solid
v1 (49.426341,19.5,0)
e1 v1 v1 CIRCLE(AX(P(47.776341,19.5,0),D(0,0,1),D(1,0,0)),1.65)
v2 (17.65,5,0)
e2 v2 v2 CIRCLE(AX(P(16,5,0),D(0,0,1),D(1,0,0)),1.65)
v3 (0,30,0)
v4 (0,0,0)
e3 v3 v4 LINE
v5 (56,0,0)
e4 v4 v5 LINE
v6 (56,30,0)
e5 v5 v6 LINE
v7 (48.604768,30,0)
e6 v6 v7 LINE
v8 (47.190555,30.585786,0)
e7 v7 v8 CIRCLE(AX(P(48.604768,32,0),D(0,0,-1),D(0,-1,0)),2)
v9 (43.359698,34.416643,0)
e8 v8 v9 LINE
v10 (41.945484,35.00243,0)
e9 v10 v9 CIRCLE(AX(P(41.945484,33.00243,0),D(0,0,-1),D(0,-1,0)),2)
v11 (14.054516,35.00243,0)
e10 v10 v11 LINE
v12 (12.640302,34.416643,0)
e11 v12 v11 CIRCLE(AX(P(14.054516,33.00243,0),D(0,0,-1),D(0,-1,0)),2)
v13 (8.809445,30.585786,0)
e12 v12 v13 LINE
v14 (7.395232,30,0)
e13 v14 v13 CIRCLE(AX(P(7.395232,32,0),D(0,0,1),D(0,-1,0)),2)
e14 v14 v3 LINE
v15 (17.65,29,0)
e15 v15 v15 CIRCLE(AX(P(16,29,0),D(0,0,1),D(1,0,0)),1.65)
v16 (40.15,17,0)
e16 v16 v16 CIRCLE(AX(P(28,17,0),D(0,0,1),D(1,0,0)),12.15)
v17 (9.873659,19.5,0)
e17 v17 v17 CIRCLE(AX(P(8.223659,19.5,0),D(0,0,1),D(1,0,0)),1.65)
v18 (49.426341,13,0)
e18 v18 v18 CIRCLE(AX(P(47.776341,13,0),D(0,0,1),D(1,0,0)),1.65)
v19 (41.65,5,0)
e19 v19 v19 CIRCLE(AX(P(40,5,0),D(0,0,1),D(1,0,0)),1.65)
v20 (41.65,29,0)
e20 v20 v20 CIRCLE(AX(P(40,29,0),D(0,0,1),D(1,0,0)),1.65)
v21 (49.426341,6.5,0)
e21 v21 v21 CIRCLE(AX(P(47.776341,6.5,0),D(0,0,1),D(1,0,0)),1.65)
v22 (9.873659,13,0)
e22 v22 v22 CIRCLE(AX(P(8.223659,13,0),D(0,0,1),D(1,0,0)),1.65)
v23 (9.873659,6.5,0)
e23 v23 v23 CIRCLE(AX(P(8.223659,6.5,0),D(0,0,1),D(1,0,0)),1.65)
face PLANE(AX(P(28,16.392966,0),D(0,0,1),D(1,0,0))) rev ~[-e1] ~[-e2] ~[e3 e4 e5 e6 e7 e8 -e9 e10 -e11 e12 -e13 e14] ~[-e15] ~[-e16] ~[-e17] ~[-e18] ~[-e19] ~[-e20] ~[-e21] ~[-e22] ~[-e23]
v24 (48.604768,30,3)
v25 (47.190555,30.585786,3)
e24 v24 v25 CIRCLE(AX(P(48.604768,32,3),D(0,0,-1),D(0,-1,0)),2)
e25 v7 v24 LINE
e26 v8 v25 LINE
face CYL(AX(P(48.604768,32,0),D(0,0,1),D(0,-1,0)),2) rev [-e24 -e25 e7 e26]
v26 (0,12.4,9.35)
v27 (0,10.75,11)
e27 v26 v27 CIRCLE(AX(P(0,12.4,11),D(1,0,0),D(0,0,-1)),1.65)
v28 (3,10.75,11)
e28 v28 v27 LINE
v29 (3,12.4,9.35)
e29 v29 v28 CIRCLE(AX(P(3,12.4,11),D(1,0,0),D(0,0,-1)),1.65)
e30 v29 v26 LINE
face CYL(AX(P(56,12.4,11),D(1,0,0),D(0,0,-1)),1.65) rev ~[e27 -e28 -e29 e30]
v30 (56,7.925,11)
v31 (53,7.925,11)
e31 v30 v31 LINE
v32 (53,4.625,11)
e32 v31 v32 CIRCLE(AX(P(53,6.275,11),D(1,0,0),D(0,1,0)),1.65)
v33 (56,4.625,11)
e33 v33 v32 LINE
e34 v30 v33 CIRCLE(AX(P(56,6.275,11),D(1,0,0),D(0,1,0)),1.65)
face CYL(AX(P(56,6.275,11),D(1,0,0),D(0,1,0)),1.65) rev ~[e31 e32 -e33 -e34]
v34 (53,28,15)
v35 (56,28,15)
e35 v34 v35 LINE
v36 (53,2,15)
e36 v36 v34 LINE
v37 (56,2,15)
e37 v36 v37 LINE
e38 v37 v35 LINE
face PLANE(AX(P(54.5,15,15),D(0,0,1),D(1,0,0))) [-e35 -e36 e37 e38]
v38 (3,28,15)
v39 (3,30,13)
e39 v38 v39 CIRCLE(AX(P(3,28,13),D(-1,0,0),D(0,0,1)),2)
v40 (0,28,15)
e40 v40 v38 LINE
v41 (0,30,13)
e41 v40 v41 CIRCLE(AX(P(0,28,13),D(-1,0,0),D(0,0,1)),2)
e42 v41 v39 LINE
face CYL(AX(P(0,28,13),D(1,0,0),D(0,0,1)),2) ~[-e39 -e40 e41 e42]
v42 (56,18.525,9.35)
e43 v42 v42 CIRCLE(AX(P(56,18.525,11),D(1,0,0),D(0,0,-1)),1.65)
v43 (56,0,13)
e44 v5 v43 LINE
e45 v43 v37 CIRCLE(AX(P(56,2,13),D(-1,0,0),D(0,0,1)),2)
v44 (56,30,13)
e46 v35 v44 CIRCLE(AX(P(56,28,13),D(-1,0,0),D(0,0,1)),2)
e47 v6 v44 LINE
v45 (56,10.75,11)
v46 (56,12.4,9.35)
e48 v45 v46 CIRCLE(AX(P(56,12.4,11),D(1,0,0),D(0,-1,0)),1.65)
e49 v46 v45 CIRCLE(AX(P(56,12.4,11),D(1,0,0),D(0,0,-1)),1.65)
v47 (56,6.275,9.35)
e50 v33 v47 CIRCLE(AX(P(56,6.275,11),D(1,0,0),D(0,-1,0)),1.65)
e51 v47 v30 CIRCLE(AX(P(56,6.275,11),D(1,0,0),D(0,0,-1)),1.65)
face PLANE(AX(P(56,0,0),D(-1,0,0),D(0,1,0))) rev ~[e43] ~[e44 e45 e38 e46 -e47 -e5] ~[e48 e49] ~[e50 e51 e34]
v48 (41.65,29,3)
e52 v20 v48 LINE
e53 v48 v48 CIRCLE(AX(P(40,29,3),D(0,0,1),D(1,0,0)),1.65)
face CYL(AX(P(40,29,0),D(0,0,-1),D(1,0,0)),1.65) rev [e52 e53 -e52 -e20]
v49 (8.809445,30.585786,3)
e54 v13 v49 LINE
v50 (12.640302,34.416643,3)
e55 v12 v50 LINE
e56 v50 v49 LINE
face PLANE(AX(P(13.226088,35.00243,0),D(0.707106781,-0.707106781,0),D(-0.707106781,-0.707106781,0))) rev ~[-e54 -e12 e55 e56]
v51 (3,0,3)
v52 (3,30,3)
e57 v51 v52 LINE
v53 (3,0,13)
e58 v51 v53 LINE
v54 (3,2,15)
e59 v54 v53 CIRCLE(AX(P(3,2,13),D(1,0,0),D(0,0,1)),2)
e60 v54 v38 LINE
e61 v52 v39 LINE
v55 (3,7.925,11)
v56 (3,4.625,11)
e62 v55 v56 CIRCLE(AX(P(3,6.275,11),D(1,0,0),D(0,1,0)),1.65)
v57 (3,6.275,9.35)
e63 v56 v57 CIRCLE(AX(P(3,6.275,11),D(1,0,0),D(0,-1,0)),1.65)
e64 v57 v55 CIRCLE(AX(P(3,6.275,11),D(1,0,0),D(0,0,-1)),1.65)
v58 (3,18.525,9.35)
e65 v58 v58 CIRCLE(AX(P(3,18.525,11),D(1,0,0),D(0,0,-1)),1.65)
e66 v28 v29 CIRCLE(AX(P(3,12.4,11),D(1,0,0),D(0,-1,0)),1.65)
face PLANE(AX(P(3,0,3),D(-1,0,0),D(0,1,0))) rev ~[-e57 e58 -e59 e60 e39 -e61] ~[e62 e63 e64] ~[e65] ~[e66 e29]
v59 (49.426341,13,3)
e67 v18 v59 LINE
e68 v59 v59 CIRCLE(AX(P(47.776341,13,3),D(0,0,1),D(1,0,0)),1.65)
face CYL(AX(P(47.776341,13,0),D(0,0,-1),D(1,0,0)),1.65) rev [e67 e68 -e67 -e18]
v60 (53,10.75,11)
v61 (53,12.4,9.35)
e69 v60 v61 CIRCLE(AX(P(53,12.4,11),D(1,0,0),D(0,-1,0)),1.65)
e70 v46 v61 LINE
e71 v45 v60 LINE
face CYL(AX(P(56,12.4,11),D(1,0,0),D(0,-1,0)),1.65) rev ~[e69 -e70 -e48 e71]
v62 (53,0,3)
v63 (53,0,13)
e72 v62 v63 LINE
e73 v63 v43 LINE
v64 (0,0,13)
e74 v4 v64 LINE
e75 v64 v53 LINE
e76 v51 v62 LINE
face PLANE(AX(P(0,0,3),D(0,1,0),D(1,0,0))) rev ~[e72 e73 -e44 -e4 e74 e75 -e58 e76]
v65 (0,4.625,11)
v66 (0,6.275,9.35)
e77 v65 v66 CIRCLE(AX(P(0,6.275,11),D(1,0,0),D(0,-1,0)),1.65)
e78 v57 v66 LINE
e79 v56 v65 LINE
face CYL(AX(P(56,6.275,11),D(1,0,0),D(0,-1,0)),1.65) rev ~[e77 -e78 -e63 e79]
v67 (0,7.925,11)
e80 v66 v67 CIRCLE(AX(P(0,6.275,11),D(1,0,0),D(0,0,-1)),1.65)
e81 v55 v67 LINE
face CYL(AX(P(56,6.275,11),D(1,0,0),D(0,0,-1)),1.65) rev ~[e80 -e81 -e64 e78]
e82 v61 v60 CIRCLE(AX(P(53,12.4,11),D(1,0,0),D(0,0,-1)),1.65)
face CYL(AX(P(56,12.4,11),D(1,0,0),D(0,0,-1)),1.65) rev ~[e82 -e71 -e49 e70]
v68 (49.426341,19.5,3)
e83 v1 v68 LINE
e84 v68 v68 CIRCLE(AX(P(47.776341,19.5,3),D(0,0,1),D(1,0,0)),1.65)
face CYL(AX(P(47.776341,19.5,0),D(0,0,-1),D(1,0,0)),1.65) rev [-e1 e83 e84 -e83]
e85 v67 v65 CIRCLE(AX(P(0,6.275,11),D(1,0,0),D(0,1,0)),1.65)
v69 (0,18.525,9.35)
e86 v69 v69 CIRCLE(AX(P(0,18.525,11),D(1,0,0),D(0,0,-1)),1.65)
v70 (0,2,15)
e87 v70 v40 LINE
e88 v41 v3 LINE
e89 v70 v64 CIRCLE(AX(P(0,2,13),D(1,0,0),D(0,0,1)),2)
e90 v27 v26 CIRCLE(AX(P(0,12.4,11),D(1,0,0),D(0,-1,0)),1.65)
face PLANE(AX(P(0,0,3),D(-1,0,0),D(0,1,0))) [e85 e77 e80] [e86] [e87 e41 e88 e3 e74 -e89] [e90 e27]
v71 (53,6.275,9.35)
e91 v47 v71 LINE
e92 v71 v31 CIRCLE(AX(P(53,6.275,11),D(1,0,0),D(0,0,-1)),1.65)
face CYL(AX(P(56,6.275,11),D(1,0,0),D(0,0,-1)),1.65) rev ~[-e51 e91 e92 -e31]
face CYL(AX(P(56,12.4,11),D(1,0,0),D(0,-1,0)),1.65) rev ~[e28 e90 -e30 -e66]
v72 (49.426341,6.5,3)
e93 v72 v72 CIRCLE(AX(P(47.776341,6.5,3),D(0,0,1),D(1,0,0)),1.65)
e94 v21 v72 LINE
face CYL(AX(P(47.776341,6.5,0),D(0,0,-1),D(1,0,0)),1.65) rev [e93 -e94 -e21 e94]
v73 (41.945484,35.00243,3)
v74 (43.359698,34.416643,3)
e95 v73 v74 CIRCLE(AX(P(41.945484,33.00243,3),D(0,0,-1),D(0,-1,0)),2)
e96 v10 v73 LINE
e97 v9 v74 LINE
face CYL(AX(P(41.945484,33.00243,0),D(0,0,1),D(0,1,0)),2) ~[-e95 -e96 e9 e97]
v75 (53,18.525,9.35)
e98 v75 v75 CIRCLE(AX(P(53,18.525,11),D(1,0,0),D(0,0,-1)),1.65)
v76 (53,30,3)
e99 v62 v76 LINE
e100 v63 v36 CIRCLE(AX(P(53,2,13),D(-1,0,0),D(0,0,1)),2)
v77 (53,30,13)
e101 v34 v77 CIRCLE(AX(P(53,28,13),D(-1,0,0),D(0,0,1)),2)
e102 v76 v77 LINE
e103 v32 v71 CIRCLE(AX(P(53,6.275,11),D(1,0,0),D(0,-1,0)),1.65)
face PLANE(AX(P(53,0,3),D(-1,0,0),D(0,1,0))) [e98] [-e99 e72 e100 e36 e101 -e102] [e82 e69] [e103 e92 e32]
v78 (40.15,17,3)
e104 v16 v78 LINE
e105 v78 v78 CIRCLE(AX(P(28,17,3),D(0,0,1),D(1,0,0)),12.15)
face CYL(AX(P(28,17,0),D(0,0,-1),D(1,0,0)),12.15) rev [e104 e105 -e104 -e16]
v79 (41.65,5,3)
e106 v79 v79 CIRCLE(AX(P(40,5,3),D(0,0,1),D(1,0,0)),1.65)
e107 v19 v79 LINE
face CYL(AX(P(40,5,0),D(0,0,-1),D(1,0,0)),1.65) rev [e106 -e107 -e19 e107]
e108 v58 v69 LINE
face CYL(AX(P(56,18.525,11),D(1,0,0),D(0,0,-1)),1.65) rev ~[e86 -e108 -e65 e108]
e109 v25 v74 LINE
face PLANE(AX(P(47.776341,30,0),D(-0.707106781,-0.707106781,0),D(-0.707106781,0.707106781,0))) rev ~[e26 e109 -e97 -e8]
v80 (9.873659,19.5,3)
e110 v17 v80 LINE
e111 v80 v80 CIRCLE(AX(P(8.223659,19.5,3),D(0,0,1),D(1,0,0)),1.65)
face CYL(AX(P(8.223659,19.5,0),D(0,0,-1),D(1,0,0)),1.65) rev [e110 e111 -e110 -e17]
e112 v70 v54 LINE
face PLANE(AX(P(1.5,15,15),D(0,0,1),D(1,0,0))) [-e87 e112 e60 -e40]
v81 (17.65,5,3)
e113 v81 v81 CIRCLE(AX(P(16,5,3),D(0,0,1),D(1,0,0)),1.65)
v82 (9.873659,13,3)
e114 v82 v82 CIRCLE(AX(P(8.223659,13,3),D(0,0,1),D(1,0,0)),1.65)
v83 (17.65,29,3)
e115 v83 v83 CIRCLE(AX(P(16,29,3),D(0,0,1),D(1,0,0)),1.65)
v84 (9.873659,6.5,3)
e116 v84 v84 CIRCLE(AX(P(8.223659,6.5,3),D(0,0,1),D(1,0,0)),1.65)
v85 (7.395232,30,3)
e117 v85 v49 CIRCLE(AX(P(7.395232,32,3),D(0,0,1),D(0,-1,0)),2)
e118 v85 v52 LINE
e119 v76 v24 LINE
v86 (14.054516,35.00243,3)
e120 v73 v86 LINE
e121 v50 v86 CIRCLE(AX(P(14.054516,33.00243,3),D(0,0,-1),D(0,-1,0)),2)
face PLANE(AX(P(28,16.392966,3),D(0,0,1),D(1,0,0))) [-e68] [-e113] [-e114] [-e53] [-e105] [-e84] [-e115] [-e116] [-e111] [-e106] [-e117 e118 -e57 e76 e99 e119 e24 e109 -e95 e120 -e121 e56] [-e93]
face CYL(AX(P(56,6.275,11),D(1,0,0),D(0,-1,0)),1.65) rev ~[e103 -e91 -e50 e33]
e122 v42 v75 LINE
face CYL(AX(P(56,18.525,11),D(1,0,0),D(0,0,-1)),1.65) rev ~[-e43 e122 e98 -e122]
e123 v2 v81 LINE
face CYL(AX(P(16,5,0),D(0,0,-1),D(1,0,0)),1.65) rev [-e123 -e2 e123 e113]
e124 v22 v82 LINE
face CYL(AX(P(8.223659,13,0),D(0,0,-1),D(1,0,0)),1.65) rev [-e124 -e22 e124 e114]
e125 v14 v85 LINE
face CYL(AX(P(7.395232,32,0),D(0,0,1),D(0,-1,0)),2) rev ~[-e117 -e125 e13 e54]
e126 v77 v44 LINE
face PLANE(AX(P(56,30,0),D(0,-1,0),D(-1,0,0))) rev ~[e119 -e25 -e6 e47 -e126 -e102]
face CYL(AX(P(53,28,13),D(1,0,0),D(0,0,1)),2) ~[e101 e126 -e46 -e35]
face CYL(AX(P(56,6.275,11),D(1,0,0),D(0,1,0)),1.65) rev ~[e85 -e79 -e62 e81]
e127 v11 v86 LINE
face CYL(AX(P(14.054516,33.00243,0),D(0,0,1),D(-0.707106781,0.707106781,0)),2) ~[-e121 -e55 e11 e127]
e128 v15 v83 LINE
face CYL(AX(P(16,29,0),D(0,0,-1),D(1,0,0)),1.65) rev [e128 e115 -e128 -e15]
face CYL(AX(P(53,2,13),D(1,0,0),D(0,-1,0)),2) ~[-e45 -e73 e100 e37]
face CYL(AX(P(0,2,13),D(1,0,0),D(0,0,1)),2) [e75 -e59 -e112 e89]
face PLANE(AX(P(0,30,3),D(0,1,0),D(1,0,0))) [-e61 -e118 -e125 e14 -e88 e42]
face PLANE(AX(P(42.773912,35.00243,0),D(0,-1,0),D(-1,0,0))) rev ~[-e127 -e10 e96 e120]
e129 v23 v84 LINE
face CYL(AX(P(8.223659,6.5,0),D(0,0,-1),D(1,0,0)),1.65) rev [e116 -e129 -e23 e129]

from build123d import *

# Parameters (mm, degrees)
SKETCH_1_R          = 1.65
SKETCH_1_R_2        = 12.15
EXTRUDE_6_DEPTH     = 3
SKETCH_4_W          = 3
SKETCH_4_H          = 30
EXTRUDE_7_DEPTH     = 12
SKETCH_5_R          = 1.65
CUT_EXTRUDE_1_DEPTH = 56
FILLET_6_R          = 2


with BuildPart() as part:
    # 草图1 → 凸台-拉伸6 (new body)
    with BuildSketch(Plane.XY):
        Polygon((0, 30), (0, 0), (56, 0), (56, 30), (47.77634117, 30), (42.77391153, 35.00242964), (13.226088475, 35.00242964), (8.223658835, 30), align=None)
        with Locations((16, 29)):
            Circle(SKETCH_1_R, mode=Mode.SUBTRACT)
        with Locations((40, 29)):
            Circle(SKETCH_1_R, mode=Mode.SUBTRACT)
        with Locations((8.223658835, 6.5)):
            Circle(SKETCH_1_R, mode=Mode.SUBTRACT)
        with Locations((16, 5)):
            Circle(SKETCH_1_R, mode=Mode.SUBTRACT)
        with Locations((8.223658835, 13)):
            Circle(SKETCH_1_R, mode=Mode.SUBTRACT)
        with Locations((40, 5)):
            Circle(SKETCH_1_R, mode=Mode.SUBTRACT)
        with Locations((47.77634117, 6.5)):
            Circle(SKETCH_1_R, mode=Mode.SUBTRACT)
        with Locations((28, 17)):
            Circle(SKETCH_1_R_2, mode=Mode.SUBTRACT)
        with Locations((47.77634117, 13)):
            Circle(SKETCH_1_R, mode=Mode.SUBTRACT)
        with Locations((8.223658835, 19.5)):
            Circle(SKETCH_1_R, mode=Mode.SUBTRACT)
        with Locations((47.77634117, 19.5)):
            Circle(SKETCH_1_R, mode=Mode.SUBTRACT)
    extrude(amount=EXTRUDE_6_DEPTH)

    # 草图4 → 凸台-拉伸7 (add)
    with BuildSketch(Plane.XY.offset(3)):
        with Locations((1.5, 15)):
            Rectangle(SKETCH_4_W, SKETCH_4_H)
        with Locations((54.5, 15)):
            Rectangle(SKETCH_4_W, SKETCH_4_H)
    extrude(amount=EXTRUDE_7_DEPTH)

    # 草图5 → 切除-拉伸1 (cut)
    with BuildSketch(Plane(origin=(56, 0, 0), x_dir=(0, 0, -1), z_dir=(1, 0, 0))):
        with Locations((-11, 18.525)):
            Circle(SKETCH_5_R)
        with BuildLine():
            ThreePointArc((-9.35, 12.4), (-12.166726189, 13.566726189), (-11, 10.75))
            Line((-11, 10.75), (-11, 12.4))
            Line((-11, 12.4), (-9.35, 12.4))
        make_face()
        with BuildLine():
            Line((-11, 12.4), (-11, 10.75))
            ThreePointArc((-11, 10.75), (-9.833273811, 11.233273811), (-9.35, 12.4))
            Line((-9.35, 12.4), (-11, 12.4))
        make_face()
        with BuildLine():
            ThreePointArc((-11, 7.925), (-12.65, 6.275), (-11, 4.625))
            Line((-11, 4.625), (-11, 6.275))
            Line((-11, 6.275), (-11, 7.925))
        make_face()
        with BuildLine():
            Line((-11, 6.275), (-11, 4.625))
            ThreePointArc((-11, 4.625), (-9.833273811, 5.108273811), (-9.35, 6.275))
            ThreePointArc((-9.35, 6.275), (-9.833273811, 7.441726189), (-11, 7.925))
            Line((-11, 7.925), (-11, 6.275))
        make_face()
    extrude(amount=-CUT_EXTRUDE_1_DEPTH, mode=Mode.SUBTRACT)

    # 圆角6
    fillet_6_edges = [part.edges().sort_by_distance(p)[0] for p in [
        (8.223658835, 30, 1.5),
        (13.226088475, 35.00242964, 1.5),
        (42.77391153, 35.00242964, 1.5),
        (47.77634117, 30, 1.5),
        (1.5, 30, 15),
        (1.5, 0, 15),
        (54.5, 30, 15),
        (54.5, 0, 15),
    ]]
    fillet(fillet_6_edges, radius=FILLET_6_R)


solid = part.part
